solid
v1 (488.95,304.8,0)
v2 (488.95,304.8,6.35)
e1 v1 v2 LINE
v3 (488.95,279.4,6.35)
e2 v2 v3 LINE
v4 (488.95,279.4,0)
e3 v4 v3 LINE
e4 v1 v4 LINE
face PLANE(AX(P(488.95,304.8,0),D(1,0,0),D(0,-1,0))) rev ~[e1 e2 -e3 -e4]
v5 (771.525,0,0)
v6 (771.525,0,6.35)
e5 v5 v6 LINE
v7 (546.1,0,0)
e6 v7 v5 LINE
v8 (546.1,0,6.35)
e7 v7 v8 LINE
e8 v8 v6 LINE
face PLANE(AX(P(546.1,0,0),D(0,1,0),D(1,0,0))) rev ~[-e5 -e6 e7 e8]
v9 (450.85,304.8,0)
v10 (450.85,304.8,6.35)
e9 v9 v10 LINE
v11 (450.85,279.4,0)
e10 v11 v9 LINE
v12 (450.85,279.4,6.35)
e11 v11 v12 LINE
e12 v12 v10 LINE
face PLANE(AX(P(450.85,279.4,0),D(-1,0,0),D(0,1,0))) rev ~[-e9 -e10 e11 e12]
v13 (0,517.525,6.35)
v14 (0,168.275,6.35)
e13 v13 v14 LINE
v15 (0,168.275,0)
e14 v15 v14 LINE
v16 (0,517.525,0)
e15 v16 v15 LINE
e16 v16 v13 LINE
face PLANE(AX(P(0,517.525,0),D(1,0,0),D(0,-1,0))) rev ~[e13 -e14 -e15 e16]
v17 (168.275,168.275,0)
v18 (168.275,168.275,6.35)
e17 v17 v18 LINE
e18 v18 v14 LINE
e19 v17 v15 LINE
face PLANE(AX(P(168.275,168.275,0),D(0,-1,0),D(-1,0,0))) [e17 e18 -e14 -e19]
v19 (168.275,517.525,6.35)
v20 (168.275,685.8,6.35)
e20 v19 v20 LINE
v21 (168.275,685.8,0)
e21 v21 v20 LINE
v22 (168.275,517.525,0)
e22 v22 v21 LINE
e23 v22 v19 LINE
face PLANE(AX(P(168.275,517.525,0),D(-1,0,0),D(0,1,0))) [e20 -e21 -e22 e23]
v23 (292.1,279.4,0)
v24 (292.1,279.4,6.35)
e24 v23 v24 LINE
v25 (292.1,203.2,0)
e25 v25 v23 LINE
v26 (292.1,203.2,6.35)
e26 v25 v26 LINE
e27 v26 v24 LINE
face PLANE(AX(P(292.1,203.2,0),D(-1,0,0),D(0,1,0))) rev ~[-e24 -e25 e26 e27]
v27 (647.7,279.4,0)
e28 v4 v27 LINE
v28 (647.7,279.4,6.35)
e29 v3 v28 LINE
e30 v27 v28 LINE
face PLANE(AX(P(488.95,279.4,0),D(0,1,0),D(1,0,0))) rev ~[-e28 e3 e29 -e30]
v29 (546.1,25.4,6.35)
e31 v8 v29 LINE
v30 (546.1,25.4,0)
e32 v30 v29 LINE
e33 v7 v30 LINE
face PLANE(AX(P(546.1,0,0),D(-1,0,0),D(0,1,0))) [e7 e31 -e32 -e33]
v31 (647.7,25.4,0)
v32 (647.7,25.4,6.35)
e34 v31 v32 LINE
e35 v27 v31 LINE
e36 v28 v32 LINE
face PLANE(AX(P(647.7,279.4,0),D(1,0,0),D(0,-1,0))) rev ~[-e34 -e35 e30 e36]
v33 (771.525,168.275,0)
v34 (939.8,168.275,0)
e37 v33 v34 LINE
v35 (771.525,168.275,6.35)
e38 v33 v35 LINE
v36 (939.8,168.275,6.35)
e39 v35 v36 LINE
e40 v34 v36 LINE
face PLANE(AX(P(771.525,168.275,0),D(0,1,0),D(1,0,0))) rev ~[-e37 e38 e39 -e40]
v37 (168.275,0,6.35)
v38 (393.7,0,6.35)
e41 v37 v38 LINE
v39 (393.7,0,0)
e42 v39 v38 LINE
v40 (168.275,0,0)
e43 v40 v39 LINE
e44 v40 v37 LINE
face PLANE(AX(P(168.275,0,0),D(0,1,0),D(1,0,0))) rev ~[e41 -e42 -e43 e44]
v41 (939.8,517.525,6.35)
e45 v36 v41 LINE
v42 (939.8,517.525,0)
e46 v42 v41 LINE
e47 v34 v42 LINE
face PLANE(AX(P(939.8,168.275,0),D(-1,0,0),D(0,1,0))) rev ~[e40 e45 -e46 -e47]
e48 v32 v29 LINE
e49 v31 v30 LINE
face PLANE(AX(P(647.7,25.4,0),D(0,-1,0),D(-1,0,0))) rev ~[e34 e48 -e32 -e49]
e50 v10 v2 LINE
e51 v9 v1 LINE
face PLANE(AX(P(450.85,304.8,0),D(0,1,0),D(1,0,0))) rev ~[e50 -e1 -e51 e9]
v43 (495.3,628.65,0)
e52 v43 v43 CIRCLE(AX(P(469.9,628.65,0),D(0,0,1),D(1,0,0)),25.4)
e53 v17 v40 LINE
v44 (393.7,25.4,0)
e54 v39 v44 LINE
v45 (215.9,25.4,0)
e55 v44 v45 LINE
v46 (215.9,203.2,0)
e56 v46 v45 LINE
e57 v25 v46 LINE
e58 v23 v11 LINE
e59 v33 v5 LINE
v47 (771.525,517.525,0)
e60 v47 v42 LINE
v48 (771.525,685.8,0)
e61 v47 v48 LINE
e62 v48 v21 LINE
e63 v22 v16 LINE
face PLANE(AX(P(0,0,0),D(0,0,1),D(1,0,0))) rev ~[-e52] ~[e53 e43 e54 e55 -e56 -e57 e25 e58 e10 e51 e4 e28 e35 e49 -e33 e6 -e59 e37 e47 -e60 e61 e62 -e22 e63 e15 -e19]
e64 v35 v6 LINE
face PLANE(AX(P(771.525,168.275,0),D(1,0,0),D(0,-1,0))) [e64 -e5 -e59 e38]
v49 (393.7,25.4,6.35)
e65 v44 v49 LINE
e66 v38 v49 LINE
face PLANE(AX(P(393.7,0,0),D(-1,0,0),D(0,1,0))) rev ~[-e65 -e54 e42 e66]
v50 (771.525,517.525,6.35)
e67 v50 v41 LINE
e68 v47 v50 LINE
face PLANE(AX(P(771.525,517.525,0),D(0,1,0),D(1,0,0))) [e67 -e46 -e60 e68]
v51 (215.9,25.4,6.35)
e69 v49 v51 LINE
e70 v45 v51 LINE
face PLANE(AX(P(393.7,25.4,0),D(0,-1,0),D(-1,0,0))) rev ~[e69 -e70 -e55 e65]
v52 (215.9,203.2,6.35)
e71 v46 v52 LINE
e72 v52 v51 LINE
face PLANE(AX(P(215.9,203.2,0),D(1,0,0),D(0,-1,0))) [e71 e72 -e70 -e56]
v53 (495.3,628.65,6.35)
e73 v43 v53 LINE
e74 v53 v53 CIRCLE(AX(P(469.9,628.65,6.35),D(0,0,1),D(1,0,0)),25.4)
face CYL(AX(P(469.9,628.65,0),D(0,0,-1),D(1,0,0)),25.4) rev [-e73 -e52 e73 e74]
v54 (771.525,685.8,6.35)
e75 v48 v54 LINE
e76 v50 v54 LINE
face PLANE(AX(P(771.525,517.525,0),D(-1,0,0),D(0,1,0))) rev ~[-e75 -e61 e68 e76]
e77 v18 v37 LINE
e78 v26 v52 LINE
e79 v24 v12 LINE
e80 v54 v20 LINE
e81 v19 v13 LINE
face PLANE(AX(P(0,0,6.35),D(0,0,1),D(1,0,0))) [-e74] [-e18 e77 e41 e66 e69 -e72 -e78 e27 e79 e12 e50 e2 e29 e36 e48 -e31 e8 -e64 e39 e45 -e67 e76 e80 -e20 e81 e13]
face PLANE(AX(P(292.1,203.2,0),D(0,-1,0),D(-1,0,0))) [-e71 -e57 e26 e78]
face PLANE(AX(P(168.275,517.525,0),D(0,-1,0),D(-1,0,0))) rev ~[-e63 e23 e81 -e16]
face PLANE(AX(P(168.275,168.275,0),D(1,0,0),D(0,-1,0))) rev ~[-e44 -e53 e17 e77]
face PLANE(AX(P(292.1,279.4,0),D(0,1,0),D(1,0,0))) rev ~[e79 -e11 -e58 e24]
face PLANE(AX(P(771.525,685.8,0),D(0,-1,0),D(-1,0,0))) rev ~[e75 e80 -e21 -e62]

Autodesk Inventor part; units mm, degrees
ref_plane "YZ Plane" through (0, 0, 0) normal (1, 0, 0) x (0, 1, 0)
ref_plane "XZ Plane" through (0, 0, 0) normal (0, 1, 0) x (-1, 0, 0)
ref_plane "XY Plane" through (0, 0, 0) normal (0, 0, 1) x (1, 0, 0)
sketch "Sketch1" plane through (0, 0, 0) normal (0, 0, 1) x (1, 0, 0)
  line L0 (0, 0) -> (168.275, 0) construction
  line L1 (939.8, 0) -> (939.8, 168.275) construction
  line L2 (939.8, 685.8) -> (771.525, 685.8) construction
  line L3 (0, 685.8) -> (0, 517.525) construction
  line L4 (168.275, 517.525) -> (771.525, 517.525) construction
  line L5 (771.525, 517.525) -> (771.525, 168.275) construction
  line L6 (771.525, 168.275) -> (168.275, 168.275) construction
  line L7 (168.275, 168.275) -> (168.275, 517.525) construction
  line L8 (168.275, 517.525) -> (168.275, 685.8)
  line L9 (168.275, 517.525) -> (0, 517.525)
  line L10 (771.525, 517.525) -> (771.525, 685.8)
  line L11 (771.525, 517.525) -> (939.8, 517.525)
  line L12 (771.525, 168.275) -> (939.8, 168.275)
  line L13 (771.525, 168.275) -> (771.525, 0)
  line L14 (168.275, 168.275) -> (168.275, 0)
  line L15 (168.275, 168.275) -> (0, 168.275)
  line L16 (771.525, 685.8) -> (168.275, 685.8)
  line L17 (168.275, 685.8) -> (0, 685.8) construction
  line L18 (939.8, 517.525) -> (939.8, 685.8) construction
  line L19 (168.275, 0) -> (393.7, 0)
  line L20 (771.525, 0) -> (939.8, 0) construction
  line L21 (0, 168.275) -> (0, 0) construction
  line L22 (0, 517.525) -> (0, 168.275)
  line L23 (939.8, 168.275) -> (939.8, 517.525)
  line L24 (393.7, 0) -> (393.7, 25.4)
  line L25 (546.1, 0) -> (546.1, 25.4)
  line L26 (393.7, 25.4) -> (215.9, 25.4)
  line L27 (292.1, 203.2) -> (292.1, 279.4)
  line L28 (647.7, 279.4) -> (647.7, 25.4)
  line L29 (647.7, 25.4) -> (546.1, 25.4)
  line L30 (546.1, 0) -> (771.525, 0)
  line L31 (393.7, 0) -> (546.1, 0) construction
  line L32 (450.85, 279.4) -> (450.85, 304.8)
  line L33 (450.85, 304.8) -> (488.95, 304.8)
  line L34 (488.95, 304.8) -> (488.95, 279.4)
  line L35 (292.1, 279.4) -> (450.85, 279.4)
  line L36 (488.95, 279.4) -> (647.7, 279.4)
  circle A0 centre (469.9, 628.65) radius 25.4
  line L37 (292.1, 203.2) -> (215.9, 203.2)
  line L38 (215.9, 203.2) -> (215.9, 25.4)
  point P0 (469.9, 685.8)
  dimension "d0" = 939.8
  dimension "d1" = 685.8
  dimension "d2" = 603.25
  dimension "d3" = 349.25
  dimension "d4" = 168.275
  dimension "d5" = 168.275
  dimension "d6" = 168.275
  dimension "d8" = 168.275
  dimension "d11" = 152.4
  dimension "d12" = 225.425
  dimension "d13" = 225.425
  dimension "d14" = 25.4
  dimension "d15" = 355.6
  dimension "d17" = 25.4
  dimension "d18" = 38.1
  dimension "d19" = 50.8
  dimension "d20" = 57.15
  dimension "d21" = 254
  dimension "d22" = 123.825
  dimension "d23" = 123.825
  dimension "d24" = 76.2
  dimension "d25" = 177.8
extrude "Extrusion1" add sketch "Sketch1" along normal blind 6.35
equation "\"d4\" = d6"
equation "\"d5\" = d8"
equation "\"d12\" = d13"
equation "\"d22\" = d23"
properties part number "belly pan"
